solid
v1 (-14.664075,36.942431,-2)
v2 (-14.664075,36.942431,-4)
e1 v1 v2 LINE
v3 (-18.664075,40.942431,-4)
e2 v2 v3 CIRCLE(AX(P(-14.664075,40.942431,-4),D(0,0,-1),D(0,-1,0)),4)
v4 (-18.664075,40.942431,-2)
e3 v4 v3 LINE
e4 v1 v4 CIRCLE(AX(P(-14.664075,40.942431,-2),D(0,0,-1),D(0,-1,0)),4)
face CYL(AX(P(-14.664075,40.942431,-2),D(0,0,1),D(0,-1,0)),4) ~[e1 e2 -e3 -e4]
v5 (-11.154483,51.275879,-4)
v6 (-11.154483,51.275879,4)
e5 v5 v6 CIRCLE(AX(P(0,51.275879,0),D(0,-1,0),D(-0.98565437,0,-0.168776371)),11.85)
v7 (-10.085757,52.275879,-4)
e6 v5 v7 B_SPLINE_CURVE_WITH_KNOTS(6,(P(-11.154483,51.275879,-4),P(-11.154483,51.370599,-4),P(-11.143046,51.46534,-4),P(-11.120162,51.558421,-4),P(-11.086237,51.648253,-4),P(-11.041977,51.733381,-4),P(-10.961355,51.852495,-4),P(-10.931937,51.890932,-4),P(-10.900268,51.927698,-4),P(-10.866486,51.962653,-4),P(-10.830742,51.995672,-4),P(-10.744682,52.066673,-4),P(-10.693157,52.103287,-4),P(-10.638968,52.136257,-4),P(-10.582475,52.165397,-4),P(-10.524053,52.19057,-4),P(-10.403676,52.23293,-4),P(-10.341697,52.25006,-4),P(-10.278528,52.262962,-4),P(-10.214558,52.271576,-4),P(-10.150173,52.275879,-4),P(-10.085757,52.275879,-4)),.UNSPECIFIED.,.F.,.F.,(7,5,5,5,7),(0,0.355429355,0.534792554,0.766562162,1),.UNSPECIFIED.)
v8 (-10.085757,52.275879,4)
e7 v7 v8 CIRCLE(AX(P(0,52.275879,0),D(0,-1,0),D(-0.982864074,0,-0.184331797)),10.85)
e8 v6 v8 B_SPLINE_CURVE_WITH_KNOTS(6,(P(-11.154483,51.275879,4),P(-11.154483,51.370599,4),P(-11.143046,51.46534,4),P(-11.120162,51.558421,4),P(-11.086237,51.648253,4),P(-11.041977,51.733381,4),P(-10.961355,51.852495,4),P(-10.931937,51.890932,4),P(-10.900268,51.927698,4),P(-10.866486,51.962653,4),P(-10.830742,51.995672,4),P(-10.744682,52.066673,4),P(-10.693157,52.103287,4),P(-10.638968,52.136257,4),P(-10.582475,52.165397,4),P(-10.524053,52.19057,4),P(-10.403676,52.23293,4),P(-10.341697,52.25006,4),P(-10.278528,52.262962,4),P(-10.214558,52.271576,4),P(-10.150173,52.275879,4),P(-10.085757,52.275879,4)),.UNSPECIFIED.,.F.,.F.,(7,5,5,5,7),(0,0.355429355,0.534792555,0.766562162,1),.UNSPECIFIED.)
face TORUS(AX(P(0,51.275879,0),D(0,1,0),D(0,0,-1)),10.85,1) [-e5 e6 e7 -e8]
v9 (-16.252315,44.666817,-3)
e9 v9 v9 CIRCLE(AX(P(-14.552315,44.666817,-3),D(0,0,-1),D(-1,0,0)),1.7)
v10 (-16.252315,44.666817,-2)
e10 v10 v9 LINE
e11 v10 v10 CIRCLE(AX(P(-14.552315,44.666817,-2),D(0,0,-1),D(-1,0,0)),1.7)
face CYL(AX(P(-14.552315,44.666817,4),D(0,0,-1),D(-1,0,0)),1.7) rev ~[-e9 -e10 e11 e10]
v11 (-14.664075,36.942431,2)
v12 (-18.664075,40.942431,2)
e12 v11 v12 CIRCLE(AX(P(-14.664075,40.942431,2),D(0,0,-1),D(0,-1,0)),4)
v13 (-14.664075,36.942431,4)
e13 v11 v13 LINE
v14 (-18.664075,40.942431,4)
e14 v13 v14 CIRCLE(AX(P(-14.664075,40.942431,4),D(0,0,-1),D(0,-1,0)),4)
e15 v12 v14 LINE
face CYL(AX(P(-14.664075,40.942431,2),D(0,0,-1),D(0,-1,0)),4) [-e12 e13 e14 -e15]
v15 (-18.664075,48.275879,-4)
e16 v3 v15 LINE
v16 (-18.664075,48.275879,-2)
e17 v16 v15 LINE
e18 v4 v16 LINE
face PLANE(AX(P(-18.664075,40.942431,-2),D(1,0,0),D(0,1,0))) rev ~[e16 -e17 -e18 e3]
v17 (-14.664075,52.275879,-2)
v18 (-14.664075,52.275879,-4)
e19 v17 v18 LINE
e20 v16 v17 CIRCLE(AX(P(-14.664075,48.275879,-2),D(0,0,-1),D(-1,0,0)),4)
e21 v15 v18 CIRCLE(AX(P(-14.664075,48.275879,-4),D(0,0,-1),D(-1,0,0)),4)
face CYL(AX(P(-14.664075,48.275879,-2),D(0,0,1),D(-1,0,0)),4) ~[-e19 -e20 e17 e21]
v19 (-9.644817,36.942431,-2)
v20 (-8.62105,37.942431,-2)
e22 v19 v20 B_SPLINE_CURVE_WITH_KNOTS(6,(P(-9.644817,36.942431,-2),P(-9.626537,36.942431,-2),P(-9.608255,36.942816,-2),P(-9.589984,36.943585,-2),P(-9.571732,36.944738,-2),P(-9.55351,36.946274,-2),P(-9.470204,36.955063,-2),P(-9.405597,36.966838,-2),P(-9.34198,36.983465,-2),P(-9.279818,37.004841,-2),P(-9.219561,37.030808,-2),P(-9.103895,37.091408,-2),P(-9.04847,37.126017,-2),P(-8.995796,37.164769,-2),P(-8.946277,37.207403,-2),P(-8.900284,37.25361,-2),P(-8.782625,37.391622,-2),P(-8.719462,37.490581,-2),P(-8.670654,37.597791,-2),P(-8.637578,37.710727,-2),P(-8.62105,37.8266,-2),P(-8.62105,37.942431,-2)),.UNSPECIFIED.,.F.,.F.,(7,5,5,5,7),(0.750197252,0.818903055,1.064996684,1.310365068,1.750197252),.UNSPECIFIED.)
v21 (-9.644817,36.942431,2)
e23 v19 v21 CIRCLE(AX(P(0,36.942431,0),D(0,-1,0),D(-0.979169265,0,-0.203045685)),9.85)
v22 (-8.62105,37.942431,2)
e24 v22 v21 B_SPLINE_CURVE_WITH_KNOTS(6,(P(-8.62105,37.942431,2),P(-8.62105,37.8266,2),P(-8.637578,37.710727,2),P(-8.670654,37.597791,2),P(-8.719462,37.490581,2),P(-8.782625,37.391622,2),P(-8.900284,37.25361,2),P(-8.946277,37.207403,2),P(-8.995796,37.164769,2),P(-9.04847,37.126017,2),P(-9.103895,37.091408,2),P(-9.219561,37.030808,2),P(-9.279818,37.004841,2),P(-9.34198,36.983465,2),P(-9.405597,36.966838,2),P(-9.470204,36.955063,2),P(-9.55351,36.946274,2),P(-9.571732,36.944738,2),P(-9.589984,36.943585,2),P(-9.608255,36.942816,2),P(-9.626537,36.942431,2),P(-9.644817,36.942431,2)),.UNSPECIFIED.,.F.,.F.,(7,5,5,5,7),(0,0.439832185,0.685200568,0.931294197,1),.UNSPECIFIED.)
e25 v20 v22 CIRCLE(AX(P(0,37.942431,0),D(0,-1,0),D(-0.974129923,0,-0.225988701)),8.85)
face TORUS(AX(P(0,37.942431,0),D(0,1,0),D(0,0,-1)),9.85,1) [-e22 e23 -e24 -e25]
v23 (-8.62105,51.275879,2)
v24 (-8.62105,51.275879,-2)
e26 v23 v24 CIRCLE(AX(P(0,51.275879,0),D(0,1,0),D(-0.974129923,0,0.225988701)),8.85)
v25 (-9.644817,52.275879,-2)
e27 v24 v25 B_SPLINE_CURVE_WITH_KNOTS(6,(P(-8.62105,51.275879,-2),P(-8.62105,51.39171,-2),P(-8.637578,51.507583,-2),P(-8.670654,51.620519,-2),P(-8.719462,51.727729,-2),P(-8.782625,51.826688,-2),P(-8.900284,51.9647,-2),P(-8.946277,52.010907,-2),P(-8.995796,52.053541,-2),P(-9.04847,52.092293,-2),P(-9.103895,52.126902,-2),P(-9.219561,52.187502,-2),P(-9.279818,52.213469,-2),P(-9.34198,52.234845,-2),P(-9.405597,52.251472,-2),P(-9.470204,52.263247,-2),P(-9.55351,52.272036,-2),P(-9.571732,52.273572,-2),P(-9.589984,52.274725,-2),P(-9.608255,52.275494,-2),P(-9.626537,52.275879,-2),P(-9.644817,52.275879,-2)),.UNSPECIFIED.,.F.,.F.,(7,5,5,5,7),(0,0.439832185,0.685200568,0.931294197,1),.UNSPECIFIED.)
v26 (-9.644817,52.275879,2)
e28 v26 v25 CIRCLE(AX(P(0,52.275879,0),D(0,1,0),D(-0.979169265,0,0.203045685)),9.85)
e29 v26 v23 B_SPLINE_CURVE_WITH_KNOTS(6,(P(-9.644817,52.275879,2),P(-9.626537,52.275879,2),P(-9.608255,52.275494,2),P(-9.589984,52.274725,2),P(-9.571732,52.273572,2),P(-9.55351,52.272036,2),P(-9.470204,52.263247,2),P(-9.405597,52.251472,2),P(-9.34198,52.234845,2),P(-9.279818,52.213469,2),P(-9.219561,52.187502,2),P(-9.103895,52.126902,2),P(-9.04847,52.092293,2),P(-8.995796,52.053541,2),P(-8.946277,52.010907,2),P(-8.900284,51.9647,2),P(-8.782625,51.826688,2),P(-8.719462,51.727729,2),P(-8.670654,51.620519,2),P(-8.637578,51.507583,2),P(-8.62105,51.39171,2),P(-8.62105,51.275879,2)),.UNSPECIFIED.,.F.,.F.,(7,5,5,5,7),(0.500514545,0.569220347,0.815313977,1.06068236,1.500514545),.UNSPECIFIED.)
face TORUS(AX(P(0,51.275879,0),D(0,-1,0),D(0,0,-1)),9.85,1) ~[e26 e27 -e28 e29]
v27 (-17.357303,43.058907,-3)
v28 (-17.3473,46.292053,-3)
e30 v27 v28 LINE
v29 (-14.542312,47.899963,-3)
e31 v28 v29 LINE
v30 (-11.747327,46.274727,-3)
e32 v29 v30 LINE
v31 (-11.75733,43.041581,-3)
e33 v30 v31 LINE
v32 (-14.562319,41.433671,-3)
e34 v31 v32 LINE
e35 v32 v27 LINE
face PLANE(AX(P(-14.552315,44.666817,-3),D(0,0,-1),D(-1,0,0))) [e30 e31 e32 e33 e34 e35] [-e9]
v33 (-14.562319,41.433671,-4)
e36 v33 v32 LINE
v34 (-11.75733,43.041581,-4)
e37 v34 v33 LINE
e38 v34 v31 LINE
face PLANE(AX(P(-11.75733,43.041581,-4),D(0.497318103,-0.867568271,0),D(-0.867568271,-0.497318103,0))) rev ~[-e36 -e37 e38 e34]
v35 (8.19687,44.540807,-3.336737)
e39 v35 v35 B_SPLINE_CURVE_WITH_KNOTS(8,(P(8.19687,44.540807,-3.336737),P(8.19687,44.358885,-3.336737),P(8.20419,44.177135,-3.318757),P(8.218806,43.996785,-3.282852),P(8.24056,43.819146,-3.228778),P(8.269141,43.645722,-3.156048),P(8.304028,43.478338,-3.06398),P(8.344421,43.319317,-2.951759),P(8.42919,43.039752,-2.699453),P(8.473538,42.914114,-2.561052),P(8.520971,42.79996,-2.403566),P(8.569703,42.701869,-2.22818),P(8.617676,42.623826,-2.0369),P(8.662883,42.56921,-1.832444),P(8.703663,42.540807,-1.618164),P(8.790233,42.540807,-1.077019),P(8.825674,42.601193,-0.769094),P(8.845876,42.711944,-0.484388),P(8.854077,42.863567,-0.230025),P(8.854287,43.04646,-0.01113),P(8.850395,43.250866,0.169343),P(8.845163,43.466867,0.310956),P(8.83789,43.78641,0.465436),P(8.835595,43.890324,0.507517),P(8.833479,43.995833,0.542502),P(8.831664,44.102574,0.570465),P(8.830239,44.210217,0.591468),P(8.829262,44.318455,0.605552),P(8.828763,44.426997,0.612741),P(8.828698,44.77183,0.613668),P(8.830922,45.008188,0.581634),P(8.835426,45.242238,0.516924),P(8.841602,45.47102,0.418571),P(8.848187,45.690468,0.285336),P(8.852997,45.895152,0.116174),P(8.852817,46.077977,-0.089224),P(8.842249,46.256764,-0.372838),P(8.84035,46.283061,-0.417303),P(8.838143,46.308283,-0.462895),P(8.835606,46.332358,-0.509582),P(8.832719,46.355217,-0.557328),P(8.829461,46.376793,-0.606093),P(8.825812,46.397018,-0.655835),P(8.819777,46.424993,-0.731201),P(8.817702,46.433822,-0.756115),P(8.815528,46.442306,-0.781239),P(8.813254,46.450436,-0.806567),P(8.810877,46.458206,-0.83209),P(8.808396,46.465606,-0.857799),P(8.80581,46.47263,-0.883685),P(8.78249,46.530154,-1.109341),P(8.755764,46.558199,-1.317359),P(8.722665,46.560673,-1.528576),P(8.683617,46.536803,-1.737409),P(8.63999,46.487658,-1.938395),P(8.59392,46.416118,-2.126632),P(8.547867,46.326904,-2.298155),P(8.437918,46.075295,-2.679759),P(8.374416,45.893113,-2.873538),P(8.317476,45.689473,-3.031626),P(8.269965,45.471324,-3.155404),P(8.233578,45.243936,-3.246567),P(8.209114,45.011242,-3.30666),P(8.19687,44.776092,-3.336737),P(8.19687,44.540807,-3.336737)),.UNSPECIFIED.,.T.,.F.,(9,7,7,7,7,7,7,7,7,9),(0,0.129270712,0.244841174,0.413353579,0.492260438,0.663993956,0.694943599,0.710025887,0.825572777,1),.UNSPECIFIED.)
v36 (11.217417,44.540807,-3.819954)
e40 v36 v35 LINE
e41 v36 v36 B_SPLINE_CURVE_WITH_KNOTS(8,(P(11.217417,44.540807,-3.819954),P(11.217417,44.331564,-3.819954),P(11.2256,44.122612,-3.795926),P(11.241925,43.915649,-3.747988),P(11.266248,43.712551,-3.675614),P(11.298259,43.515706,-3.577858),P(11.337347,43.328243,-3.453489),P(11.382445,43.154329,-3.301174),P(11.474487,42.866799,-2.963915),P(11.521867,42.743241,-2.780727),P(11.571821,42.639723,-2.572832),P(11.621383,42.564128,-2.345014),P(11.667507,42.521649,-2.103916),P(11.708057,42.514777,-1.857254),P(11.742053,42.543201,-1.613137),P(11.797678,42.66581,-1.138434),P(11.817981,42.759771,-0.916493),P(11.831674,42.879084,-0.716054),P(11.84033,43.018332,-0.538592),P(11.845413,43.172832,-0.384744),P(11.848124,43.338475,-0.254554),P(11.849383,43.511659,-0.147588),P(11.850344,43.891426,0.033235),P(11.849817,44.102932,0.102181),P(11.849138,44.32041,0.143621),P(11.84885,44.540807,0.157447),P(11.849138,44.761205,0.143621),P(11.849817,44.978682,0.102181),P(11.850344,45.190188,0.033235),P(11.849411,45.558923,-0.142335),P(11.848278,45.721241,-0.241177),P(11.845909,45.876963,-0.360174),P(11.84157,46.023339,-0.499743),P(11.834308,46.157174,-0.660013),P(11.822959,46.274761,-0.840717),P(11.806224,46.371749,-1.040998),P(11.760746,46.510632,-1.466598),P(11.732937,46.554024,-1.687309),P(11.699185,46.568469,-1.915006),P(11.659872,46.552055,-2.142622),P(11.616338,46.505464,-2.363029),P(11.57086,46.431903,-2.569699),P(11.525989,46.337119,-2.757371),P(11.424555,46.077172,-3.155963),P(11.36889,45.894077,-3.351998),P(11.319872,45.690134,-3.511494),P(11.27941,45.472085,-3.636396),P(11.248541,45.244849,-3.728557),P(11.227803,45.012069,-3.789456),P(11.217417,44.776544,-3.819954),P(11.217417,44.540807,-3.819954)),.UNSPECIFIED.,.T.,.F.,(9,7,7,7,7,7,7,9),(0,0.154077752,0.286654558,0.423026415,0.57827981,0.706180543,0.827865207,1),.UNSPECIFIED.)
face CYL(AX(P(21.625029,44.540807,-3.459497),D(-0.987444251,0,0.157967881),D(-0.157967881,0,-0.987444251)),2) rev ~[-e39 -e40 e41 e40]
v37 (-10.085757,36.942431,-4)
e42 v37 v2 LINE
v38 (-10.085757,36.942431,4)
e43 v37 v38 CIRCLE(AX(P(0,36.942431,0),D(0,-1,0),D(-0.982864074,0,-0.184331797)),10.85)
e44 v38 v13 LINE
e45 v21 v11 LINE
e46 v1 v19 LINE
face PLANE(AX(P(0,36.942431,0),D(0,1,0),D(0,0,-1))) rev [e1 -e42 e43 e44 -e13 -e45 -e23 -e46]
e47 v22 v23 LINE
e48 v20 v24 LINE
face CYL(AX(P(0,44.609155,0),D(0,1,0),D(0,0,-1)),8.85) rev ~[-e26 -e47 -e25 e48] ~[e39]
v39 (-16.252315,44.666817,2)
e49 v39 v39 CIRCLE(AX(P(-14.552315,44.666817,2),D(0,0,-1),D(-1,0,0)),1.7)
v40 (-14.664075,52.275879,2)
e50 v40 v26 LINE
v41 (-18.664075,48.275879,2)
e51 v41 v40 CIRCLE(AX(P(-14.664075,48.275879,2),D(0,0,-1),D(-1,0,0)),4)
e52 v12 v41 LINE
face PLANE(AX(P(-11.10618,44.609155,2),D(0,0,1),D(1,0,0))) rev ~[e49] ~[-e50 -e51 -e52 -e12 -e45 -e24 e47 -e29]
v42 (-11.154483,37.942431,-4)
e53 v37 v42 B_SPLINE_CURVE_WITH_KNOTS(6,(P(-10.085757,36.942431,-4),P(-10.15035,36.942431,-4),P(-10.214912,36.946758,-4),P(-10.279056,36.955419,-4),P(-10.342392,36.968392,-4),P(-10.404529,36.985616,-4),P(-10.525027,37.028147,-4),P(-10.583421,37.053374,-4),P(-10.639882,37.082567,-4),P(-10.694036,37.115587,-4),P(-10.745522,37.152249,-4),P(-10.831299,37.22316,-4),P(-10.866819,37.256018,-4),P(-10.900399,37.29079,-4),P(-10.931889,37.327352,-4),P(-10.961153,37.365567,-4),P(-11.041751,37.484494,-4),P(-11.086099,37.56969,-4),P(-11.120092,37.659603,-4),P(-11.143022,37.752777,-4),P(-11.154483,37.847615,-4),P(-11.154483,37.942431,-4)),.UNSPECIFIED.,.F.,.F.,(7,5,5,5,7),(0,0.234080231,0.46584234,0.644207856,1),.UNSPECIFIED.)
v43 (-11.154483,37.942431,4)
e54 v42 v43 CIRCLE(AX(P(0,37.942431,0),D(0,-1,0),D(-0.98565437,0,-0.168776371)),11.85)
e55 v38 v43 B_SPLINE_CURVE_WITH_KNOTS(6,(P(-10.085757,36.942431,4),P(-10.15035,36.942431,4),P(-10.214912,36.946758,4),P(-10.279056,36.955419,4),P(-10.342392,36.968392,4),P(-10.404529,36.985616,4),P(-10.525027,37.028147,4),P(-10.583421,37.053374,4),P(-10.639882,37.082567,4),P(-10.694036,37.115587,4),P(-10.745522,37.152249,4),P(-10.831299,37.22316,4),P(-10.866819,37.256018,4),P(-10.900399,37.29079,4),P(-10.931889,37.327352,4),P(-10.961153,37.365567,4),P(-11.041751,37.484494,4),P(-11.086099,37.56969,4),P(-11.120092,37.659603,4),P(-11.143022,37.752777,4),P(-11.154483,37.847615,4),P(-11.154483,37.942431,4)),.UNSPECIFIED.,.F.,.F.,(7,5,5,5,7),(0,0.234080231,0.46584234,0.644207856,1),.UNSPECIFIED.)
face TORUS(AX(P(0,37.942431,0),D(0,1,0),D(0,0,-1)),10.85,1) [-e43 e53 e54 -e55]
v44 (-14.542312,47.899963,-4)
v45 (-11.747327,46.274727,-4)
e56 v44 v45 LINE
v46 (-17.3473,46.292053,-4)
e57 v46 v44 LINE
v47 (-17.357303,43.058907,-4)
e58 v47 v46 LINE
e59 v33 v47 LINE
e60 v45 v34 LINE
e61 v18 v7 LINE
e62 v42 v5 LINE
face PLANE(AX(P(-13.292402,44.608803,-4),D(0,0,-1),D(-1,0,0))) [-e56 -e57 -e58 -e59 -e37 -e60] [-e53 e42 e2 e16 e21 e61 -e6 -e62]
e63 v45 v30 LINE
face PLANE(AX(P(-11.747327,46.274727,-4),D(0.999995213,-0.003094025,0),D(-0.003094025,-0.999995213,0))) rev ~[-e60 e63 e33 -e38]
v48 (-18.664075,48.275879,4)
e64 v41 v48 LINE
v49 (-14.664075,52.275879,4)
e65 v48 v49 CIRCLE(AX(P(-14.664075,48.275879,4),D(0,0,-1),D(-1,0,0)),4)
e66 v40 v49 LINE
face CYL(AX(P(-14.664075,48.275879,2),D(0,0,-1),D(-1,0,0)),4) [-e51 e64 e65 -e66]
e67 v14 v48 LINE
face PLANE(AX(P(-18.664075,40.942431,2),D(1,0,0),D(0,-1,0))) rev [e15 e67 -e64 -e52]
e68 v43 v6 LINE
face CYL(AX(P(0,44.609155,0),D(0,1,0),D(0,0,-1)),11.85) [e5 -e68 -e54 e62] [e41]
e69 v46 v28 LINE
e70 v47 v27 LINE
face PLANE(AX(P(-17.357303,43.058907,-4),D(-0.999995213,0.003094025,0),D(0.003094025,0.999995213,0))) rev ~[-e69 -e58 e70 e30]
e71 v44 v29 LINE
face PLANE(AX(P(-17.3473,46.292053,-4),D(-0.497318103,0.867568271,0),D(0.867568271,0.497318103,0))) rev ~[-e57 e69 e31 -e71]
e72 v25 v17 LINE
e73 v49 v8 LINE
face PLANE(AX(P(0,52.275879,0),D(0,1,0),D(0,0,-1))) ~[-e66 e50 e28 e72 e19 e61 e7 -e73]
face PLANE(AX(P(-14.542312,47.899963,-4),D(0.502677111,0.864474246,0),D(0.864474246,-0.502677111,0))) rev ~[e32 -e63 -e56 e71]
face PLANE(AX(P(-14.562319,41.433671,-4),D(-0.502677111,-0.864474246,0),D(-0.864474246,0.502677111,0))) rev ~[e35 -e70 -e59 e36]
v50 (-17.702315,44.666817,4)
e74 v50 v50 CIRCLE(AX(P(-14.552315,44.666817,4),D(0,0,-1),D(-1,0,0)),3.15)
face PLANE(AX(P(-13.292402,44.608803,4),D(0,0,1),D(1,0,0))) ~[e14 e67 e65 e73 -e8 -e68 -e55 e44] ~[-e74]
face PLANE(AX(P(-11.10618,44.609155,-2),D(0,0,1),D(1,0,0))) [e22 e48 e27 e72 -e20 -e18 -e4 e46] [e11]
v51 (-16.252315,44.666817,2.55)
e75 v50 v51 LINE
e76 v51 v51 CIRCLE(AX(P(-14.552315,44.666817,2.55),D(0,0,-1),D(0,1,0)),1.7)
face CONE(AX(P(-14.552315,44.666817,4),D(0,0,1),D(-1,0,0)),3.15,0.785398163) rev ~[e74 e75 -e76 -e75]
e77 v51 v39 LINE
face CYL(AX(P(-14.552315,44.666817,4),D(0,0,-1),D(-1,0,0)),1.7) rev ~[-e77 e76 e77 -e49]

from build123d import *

# Parameters (mm, degrees)
SKETCH1_W                                       = 3
SKETCH1_H                                       = 15.333447248
FILLET1_R                                       = 1
SKETCH3_W                                       = 6.675810252
SKETCH3_H                                       = 15.659008314
CUT_EXTRUDE1_DEPTH                              = 2
BOSS_EXTRUDE1_START                             = -2
BOSS_EXTRUDE1_DEPTH                             = 2
CSK_FOR_M3_FLAT_HEAD_MACHINE_SCREW1_D           = 3.4
CSK_FOR_M3_FLAT_HEAD_MACHINE_SCREW1_DEPTH       = 10.05
CSK_FOR_M3_FLAT_HEAD_MACHINE_SCREW1_CSINK_D     = 6.3
CSK_FOR_M3_FLAT_HEAD_MACHINE_SCREW1_CSINK_ANGLE = 90
CSK_FOR_M3_FLAT_HEAD_MACHINE_SCREW1_TIP         = 1.021463052
CUT_EXTRUDE2_DEPTH                              = 1
F_4_0MM_DOWEL_HOLE1_D                           = 4
F_4_0MM_DOWEL_HOLE1_DEPTH                       = 10.05
F_4_0MM_DOWEL_HOLE1_TIP                         = 1.201721238


with BuildPart() as part:
    # Sketch1 → Revolve1 (revolve)
    with BuildSketch(Plane.XY, mode=Mode.PRIVATE) as revolve1_sk:
        with Locations((10.35, 44.609155007)):
            Rectangle(SKETCH1_W, SKETCH1_H)
    revolve(revolve1_sk.sketch.rotate(Axis((0, 0, 0), (0, 1, 0)), 90), axis=Axis((0, 0, 0), (0, 1, 0)))

    # Fillet1
    fillet1_edges = [part.edges().sort_by_distance(p)[0] for p in [
        (0, 36.942431383, 11.85),
        (0, 36.942431383, 8.85),
        (0, 52.275878631, 8.85),
        (0, 52.275878631, 11.85),
    ]]
    fillet(fillet1_edges, radius=FILLET1_R)

    # Sketch3 → Cut-Extrude1 (cut, symmetric)
    with BuildSketch(Plane.XY):
        with Locations((-11.106180129, 44.609155007)):
            Rectangle(SKETCH3_W, SKETCH3_H)
    extrude(amount=CUT_EXTRUDE1_DEPTH, both=True, mode=Mode.SUBTRACT)

    # Sketch4 → Boss-Extrude1 (add)
    with BuildSketch(Plane.XY.offset(BOSS_EXTRUDE1_START)):
        with BuildLine():
            Line((-9.644817261, 36.942431383), (-10.664075206, 36.942431383))
            Line((-10.664075206, 36.942431383), (-14.664075206, 36.942431383))
            ThreePointArc((-14.664075206, 36.942431383), (-17.492502331, 38.114004258), (-18.664075206, 40.942431383))
            Line((-18.664075206, 40.942431383), (-18.664075206, 48.275878631))
            ThreePointArc((-18.664075206, 48.275878631), (-17.492502331, 51.104305755), (-14.664075206, 52.275878631))
            Line((-14.664075206, 52.275878631), (-10.664075206, 52.275878631))
            Line((-10.664075206, 52.275878631), (-9.644817261, 52.275878631))
            add(Edge.make_bspline(
                [(-9.644817261, 52.275878631), (-9.378798385, 52.275878631), (-9.116878333, 52.171728166), (-8.829392504, 51.894086813), (-8.752947616, 51.783744007), (-8.64842333, 51.540454721), (-8.62104982, 51.407772929), (-8.62104982, 51.275878631)],
                knots=[0, 0, 0, 0, 0.5, 0.5, 0.75, 0.75, 1, 1, 1, 1], degree=3))
            Line((-8.62104982, 51.275878631), (-8.62104982, 37.942431383))
            add(Edge.make_bspline(
                [(-8.62104982, 37.942431383), (-8.62104982, 37.809600722), (-8.648565858, 37.677546578), (-8.752751433, 37.434999617), (-8.830122554, 37.323612145), (-9.019571897, 37.14046256), (-9.133364658, 37.066938176), (-9.378224589, 36.968436457), (-9.512545153, 36.942431383), (-9.644817261, 36.942431383)],
                knots=[0, 0, 0, 0, 0.25, 0.25, 0.5, 0.5, 0.75, 0.75, 1, 1, 1, 1], degree=3))
        make_face()
    boss_extrude1 = extrude(amount=-BOSS_EXTRUDE1_DEPTH)

    # Mirror1: Boss-Extrude1 across plane
    add(boss_extrude1.mirror(Plane.XY))

    # CSK for M3 Flat Head Machine Screw1
    with Locations(Plane.XY.offset(4)):
        with Locations((-14.552315119, 44.666817053)):
            CounterSinkHole(CSK_FOR_M3_FLAT_HEAD_MACHINE_SCREW1_D / 2, CSK_FOR_M3_FLAT_HEAD_MACHINE_SCREW1_CSINK_D / 2, depth=CSK_FOR_M3_FLAT_HEAD_MACHINE_SCREW1_DEPTH, counter_sink_angle=CSK_FOR_M3_FLAT_HEAD_MACHINE_SCREW1_CSINK_ANGLE)
            with Locations((0, 0, -(CSK_FOR_M3_FLAT_HEAD_MACHINE_SCREW1_DEPTH + CSK_FOR_M3_FLAT_HEAD_MACHINE_SCREW1_TIP / 2))):  # 118° drill point
                Cone(0, CSK_FOR_M3_FLAT_HEAD_MACHINE_SCREW1_D / 2, CSK_FOR_M3_FLAT_HEAD_MACHINE_SCREW1_TIP, mode=Mode.SUBTRACT)

    # Sketch7 → Cut-Extrude2 (cut)
    with BuildSketch(Plane(origin=(0, 0, -4), x_dir=(-1, 0, 0), z_dir=(0, 0, -1))):
        Polygon((17.347299976, 46.292053338), (14.542311637, 47.899963085), (11.74732678, 46.2747268), (11.757330261, 43.041580768), (14.5623186, 41.433671021), (17.357303457, 43.058907306), align=None)
    extrude(amount=-CUT_EXTRUDE2_DEPTH, mode=Mode.SUBTRACT)

    # Ø4.0mm Dowel Hole1
    with Locations(Plane(origin=(11.701214373, 44.540807009, -1.871919391), x_dir=(0.157967881081, 0, 0.987444250855), z_dir=(0.987444250855, 0, -0.157967881081))):
        with Locations((0, 0)):
            Hole(F_4_0MM_DOWEL_HOLE1_D / 2, depth=F_4_0MM_DOWEL_HOLE1_DEPTH)
            with Locations((0, 0, -(F_4_0MM_DOWEL_HOLE1_DEPTH + F_4_0MM_DOWEL_HOLE1_TIP / 2))):  # 118° drill point
                Cone(0, F_4_0MM_DOWEL_HOLE1_D / 2, F_4_0MM_DOWEL_HOLE1_TIP, mode=Mode.SUBTRACT)


solid = part.part
